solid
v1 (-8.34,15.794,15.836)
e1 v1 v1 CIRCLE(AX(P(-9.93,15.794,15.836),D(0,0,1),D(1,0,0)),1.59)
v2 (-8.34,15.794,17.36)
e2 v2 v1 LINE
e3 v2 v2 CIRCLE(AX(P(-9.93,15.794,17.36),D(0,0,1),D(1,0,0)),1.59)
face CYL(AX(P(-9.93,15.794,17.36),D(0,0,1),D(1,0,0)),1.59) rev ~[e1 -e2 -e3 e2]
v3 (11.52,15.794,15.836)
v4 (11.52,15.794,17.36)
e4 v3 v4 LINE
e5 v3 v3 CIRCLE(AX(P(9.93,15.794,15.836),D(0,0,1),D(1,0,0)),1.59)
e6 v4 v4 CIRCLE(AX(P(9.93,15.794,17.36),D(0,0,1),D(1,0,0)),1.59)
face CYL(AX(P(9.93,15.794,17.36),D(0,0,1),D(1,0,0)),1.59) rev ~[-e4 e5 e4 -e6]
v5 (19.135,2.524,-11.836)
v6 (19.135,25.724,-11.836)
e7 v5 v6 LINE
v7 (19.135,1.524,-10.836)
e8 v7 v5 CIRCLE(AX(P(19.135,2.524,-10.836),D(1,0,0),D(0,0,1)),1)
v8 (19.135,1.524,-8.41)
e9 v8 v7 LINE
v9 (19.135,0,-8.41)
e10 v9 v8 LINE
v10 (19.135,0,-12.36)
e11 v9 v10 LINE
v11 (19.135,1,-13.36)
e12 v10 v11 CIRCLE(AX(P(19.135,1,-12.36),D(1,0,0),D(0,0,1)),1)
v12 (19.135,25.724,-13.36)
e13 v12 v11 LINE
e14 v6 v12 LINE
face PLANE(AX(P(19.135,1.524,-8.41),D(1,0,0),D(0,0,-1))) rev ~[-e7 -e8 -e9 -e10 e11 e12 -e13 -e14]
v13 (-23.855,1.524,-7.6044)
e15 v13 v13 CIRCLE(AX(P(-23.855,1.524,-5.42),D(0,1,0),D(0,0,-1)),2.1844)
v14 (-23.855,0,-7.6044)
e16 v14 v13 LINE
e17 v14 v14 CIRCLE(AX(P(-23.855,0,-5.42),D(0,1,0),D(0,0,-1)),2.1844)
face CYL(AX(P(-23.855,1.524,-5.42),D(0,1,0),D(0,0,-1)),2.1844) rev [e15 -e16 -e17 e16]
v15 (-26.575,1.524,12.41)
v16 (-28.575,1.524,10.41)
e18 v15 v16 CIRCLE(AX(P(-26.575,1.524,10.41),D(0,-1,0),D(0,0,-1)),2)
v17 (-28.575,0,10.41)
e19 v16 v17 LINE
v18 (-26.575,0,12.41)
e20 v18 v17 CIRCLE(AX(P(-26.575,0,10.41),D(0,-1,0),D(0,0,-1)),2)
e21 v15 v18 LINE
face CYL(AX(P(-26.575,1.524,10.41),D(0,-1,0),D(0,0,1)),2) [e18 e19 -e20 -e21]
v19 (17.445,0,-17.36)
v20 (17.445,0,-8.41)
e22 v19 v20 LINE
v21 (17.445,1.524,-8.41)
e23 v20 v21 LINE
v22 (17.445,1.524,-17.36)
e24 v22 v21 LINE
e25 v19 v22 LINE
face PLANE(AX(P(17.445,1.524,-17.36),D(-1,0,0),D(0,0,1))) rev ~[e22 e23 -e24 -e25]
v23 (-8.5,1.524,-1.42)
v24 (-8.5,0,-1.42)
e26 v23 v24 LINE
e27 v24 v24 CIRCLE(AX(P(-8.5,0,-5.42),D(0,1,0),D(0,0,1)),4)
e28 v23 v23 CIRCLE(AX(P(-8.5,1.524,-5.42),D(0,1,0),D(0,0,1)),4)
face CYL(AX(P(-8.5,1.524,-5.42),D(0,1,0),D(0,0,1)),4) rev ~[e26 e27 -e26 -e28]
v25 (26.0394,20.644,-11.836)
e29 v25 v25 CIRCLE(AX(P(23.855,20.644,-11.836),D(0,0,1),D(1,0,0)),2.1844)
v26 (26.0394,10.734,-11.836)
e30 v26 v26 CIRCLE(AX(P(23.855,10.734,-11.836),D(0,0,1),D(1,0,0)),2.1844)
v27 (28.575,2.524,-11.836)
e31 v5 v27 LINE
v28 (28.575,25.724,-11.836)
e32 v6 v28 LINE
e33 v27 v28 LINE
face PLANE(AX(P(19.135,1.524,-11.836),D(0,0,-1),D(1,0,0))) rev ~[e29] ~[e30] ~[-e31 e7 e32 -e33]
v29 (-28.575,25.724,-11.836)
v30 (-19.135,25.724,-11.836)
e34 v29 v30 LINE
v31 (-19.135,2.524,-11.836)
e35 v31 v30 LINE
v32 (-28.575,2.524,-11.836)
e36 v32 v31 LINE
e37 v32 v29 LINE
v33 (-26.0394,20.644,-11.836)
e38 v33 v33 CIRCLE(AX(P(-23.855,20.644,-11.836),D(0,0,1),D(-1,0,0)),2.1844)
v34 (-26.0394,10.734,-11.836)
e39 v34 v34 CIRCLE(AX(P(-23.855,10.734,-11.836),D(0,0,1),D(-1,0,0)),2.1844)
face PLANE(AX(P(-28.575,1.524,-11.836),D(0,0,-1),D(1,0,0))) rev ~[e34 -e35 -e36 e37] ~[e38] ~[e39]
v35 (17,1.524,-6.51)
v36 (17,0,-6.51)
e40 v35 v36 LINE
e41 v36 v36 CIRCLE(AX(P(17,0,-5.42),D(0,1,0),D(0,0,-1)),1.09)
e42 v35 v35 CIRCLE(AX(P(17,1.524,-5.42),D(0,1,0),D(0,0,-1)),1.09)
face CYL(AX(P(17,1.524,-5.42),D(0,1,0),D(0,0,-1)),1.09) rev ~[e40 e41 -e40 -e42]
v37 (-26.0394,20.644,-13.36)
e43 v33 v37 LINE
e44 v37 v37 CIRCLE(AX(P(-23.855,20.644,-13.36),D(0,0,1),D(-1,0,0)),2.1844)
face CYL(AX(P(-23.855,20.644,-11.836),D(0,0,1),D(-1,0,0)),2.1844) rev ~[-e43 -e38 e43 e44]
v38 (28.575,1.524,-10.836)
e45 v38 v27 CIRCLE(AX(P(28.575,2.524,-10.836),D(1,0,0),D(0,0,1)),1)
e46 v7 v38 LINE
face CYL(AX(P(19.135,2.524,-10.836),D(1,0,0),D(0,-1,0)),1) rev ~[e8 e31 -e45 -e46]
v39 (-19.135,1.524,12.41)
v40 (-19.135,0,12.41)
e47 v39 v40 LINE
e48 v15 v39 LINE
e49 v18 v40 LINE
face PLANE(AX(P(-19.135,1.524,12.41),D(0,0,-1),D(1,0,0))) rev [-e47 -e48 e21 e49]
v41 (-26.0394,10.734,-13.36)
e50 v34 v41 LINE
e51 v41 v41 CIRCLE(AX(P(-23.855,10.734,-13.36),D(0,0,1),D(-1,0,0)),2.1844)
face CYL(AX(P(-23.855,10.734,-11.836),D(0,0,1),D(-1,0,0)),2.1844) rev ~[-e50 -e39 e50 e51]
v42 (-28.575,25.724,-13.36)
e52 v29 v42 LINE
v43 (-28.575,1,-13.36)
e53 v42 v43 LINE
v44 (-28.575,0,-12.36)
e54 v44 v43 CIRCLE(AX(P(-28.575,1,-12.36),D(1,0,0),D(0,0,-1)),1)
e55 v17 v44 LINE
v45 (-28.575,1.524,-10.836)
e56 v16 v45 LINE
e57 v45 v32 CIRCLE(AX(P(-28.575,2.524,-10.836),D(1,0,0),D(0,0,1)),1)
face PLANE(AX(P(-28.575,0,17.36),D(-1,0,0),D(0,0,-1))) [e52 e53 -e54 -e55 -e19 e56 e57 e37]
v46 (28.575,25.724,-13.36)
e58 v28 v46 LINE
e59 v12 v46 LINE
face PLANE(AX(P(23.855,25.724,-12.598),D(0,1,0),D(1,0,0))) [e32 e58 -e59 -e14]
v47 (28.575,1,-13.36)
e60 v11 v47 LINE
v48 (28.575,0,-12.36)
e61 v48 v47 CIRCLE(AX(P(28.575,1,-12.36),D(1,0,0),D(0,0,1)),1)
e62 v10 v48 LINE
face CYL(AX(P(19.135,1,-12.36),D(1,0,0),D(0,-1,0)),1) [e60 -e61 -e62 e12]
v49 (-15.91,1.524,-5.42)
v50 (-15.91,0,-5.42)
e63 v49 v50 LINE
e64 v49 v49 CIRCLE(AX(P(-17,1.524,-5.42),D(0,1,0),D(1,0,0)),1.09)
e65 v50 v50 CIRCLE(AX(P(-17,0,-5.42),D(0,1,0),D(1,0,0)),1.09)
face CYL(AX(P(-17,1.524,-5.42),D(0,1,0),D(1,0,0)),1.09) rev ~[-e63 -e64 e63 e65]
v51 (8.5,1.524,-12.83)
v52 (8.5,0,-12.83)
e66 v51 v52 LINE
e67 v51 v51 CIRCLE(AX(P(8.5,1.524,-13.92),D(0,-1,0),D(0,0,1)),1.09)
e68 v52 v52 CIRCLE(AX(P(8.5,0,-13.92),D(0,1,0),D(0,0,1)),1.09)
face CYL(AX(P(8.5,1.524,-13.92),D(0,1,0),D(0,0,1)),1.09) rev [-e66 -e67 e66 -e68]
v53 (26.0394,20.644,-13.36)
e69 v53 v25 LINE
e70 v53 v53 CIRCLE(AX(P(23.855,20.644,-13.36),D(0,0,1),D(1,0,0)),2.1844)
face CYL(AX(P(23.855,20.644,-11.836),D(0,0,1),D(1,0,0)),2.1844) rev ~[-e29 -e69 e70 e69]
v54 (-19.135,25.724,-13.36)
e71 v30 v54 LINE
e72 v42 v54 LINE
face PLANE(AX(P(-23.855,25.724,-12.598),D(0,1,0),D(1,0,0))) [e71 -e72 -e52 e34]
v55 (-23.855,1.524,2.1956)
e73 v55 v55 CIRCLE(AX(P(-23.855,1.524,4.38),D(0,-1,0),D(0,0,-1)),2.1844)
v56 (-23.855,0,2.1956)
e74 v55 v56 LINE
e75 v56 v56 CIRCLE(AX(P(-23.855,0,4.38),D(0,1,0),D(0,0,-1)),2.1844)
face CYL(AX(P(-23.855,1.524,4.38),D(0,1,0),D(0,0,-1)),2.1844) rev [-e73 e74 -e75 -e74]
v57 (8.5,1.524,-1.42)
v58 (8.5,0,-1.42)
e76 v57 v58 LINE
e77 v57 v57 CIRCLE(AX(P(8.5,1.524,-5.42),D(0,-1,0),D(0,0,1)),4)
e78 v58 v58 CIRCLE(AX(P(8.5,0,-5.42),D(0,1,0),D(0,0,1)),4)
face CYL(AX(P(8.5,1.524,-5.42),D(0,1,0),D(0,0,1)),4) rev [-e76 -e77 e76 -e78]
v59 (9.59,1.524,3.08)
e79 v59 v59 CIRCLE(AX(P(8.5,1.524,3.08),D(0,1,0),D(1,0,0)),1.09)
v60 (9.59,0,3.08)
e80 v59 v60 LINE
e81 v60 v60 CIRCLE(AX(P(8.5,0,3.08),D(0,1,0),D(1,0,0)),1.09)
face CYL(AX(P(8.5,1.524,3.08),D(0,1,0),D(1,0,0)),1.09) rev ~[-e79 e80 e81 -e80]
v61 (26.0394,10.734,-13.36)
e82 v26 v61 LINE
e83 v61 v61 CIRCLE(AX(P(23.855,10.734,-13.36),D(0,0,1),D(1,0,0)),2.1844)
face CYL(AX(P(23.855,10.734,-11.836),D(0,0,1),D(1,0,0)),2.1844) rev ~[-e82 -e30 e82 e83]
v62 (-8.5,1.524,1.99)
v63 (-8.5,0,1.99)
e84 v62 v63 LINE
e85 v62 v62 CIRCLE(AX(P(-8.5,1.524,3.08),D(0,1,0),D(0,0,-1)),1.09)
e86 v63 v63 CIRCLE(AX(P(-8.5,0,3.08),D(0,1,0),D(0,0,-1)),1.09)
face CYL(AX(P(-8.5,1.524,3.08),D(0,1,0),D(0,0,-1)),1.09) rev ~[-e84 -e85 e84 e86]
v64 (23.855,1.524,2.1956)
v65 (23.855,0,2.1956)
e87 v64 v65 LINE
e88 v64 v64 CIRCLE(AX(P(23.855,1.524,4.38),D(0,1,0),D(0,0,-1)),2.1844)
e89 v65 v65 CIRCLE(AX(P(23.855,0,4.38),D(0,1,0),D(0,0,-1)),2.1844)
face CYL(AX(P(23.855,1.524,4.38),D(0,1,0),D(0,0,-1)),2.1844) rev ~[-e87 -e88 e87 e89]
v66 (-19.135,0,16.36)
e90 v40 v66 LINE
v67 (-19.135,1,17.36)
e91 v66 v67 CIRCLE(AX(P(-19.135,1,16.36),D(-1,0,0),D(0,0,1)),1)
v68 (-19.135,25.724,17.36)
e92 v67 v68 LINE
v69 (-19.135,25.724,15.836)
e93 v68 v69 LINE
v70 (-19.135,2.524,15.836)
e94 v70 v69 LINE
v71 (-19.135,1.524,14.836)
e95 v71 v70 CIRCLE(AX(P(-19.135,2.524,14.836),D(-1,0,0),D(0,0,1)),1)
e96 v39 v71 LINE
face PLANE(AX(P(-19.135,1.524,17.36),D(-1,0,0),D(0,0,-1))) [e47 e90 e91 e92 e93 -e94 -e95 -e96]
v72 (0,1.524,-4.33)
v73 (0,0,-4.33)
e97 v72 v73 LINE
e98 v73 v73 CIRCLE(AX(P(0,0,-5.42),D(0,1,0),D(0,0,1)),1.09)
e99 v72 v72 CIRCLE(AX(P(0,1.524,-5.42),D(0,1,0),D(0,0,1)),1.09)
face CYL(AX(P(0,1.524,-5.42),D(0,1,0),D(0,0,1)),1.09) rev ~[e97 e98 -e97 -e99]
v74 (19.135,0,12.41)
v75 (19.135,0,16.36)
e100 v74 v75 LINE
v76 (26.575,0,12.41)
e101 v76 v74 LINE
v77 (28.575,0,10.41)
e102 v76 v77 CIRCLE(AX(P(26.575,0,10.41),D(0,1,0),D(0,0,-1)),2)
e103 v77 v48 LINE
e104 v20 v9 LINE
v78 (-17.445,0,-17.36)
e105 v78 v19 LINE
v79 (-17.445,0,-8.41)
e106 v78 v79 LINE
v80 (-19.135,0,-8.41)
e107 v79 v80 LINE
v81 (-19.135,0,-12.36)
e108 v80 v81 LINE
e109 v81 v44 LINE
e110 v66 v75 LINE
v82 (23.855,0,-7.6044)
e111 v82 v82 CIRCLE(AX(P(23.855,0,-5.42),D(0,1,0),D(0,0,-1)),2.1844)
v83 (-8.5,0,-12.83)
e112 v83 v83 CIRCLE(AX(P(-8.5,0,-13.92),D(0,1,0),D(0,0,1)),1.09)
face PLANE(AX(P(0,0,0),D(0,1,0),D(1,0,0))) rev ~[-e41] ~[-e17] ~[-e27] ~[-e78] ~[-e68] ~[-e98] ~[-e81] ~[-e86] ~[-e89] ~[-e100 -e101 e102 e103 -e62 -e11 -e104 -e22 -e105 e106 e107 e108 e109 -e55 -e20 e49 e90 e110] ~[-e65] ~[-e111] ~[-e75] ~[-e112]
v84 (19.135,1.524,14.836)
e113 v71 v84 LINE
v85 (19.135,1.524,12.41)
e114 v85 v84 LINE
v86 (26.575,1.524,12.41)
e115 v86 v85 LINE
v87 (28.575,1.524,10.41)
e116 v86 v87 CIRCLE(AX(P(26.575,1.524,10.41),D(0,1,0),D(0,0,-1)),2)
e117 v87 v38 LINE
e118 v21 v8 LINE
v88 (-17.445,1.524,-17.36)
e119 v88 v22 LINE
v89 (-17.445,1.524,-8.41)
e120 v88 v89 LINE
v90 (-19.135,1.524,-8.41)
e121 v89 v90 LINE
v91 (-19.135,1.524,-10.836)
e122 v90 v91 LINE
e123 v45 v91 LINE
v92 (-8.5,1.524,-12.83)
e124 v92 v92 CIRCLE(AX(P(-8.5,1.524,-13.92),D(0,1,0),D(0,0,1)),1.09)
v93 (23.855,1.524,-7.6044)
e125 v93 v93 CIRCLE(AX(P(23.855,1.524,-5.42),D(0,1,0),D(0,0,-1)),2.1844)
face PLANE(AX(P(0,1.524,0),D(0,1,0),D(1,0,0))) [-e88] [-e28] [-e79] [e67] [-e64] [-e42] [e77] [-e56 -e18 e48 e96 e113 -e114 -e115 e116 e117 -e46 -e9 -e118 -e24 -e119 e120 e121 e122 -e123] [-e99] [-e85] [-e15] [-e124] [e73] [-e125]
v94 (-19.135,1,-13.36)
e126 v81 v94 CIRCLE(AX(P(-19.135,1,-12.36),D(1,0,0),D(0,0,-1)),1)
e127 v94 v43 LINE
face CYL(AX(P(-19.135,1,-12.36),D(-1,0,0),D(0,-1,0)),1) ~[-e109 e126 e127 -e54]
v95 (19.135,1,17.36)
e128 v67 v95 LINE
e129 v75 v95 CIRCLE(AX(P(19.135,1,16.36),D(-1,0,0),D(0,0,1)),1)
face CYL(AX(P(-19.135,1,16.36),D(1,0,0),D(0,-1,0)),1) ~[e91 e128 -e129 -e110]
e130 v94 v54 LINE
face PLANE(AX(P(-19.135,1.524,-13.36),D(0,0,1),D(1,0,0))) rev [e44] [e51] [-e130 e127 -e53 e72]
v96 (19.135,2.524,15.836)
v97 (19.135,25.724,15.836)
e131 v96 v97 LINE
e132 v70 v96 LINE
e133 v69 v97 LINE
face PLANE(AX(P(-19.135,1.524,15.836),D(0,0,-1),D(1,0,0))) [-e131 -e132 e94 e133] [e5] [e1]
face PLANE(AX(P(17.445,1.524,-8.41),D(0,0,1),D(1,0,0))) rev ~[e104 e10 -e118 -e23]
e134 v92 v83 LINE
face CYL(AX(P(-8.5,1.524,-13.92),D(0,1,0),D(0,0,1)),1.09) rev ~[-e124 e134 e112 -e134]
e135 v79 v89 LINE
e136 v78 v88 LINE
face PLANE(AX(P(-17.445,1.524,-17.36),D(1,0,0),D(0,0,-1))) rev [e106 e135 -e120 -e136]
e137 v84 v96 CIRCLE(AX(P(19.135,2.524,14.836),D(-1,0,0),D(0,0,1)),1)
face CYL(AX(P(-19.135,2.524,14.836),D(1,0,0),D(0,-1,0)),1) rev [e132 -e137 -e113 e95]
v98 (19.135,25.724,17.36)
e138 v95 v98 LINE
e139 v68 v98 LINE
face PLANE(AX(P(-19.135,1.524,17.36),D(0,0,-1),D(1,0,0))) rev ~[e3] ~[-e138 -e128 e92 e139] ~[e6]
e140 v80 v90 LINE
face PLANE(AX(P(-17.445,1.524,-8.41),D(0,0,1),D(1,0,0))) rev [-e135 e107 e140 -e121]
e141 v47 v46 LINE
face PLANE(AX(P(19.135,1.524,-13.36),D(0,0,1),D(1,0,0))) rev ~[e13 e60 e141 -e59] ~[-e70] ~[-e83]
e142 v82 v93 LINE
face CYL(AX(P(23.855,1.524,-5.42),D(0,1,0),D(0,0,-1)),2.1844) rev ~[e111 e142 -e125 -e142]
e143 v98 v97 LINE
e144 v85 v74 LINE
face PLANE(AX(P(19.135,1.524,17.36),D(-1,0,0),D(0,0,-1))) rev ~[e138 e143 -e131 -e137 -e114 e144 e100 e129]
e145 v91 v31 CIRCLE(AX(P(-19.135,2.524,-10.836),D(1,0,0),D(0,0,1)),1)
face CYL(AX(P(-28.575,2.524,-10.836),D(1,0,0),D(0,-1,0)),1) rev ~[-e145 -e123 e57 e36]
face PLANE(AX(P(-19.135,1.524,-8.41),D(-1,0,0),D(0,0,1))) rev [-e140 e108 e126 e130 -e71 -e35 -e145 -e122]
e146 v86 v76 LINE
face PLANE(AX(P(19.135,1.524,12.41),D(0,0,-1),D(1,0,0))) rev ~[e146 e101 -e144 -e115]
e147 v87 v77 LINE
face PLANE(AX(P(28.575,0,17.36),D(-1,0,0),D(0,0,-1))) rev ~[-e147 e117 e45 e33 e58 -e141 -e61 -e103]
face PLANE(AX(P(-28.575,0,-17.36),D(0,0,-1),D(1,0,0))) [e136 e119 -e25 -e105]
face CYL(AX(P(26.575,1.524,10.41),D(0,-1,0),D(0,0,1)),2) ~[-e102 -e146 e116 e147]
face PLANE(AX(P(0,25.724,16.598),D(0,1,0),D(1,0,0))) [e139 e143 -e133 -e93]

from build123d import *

# Parameters (mm, degrees)
SKETCH1_W               = 57.15
SKETCH1_H               = 34.72
BOSS_EXTRUDE1_DEPTH     = 1.524
SKETCH2_W               = 9.44
SKETCH2_H               = 4.95
CUT_EXTRUDE1_DEPTH      = 5
SKETCH3_R               = 2.1844
CUT_EXTRUDE2_DEPTH      = 5
SKETCH4_W               = 38.27
SKETCH4_H               = 1.524
SKETCH4_W_2             = 9.44
BOSS_EXTRUDE2_DEPTH     = 24.2
SKETCH5_R               = 1.59
CUT_EXTRUDE3_DEPTH      = 12.1
SKETCH6_R               = 1.09
CUT_EXTRUDE4_DEPTH      = 24.2
SKETCH7_R               = 4
CUT_EXTRUDE5_DEPTH      = 24.2
SKETCH8_R               = 1.09
CUT_EXTRUDE6_DEPTH      = 24.2
CIRPATTERN1_COUNT       = 4
MIRROR3_COPY_1_SKETCH_R = 1.09
MIRROR3_COPY_1_DEPTH    = 24.2
MIRROR3_COPY_2_SKETCH_R = 1.09
MIRROR3_COPY_2_DEPTH    = 24.2
SKETCH9_R               = 2.1844
CUT_EXTRUDE7_DEPTH      = 12.1
FILLET1_R               = 2
FILLET2_R               = 1


with BuildPart() as part:
    # Sketch1 → Boss-Extrude1 (new body)
    with BuildSketch(Plane(origin=(0, 0, 0), x_dir=(1, 0, 0), z_dir=(0, 1, 0))):
        Rectangle(SKETCH1_W, SKETCH1_H)
    extrude(amount=BOSS_EXTRUDE1_DEPTH)

    # Sketch2 → Cut-Extrude1 (cut, symmetric)
    with BuildSketch(Plane(origin=(0, 1.524, 0), x_dir=(1, 0, 0), z_dir=(0, 1, 0))):
        with Locations((23.855, -14.885)):
            Rectangle(SKETCH2_W, SKETCH2_H)
        Polygon((28.575, 17.36), (17.445, 17.36), (17.445, 8.41), (19.135, 8.41), (19.135, 13.36), (28.575, 13.36), align=None)
    cut_extrude1 = extrude(amount=CUT_EXTRUDE1_DEPTH, both=True, mode=Mode.SUBTRACT)

    # Mirror1: Cut-Extrude1 across plane
    add(cut_extrude1.mirror(Plane(origin=(0, 0, 0), x_dir=(0, 0, 1), z_dir=(1, 0, 0))), mode=Mode.SUBTRACT)

    # Sketch3 → Cut-Extrude2 (cut, symmetric)
    with BuildSketch(Plane(origin=(0, 1.524, 0), x_dir=(1, 0, 0), z_dir=(0, 1, 0))):
        with Locations(Location((23.855, -4.38, 0), (0, 0, 90))):
            Circle(SKETCH3_R)
        with Locations(Location((23.855, 5.42, 0), (0, 0, 90))):
            Circle(SKETCH3_R)
    cut_extrude2 = extrude(amount=CUT_EXTRUDE2_DEPTH, both=True, mode=Mode.SUBTRACT)

    # Mirror2: Cut-Extrude2 across plane
    add(cut_extrude2.mirror(Plane(origin=(0, 0, 0), x_dir=(0, 0, 1), z_dir=(1, 0, 0))), mode=Mode.SUBTRACT)

    # Sketch4 → Boss-Extrude2 (add)
    with BuildSketch(Plane(origin=(0, 1.524, 0), x_dir=(1, 0, 0), z_dir=(0, 1, 0))):
        with Locations((0, -16.598)):
            Rectangle(SKETCH4_W, SKETCH4_H)
        with Locations((-23.855, 12.598)):
            Rectangle(SKETCH4_W_2, SKETCH4_H)
        with Locations((23.855, 12.598)):
            Rectangle(SKETCH4_W_2, SKETCH4_H)
    extrude(amount=BOSS_EXTRUDE2_DEPTH)

    # Sketch5 → Cut-Extrude3 (cut, symmetric)
    with BuildSketch(Plane.XY.offset(17.36)):
        with Locations((-9.93, 15.794)):
            Circle(SKETCH5_R)
        with Locations((9.93, 15.794)):
            Circle(SKETCH5_R)
    extrude(amount=CUT_EXTRUDE3_DEPTH, both=True, mode=Mode.SUBTRACT)

    # Sketch6 → Cut-Extrude4 (cut)
    with BuildSketch(Plane(origin=(0, 1.524, 0), x_dir=(1, 0, 0), z_dir=(0, 1, 0))):
        with Locations(Location((0, 5.42, 0), (0, 0, 270))):
            Circle(SKETCH6_R)
    extrude(amount=-CUT_EXTRUDE4_DEPTH, mode=Mode.SUBTRACT)

    # Sketch7 → Cut-Extrude5 (cut)
    with BuildSketch(Plane(origin=(0, 1.524, 0), x_dir=(1, 0, 0), z_dir=(0, 1, 0))):
        with Locations(Location((-8.5, 5.42, 0), (0, 0, 270))):
            Circle(SKETCH7_R)
    cut_extrude5 = extrude(amount=-CUT_EXTRUDE5_DEPTH, mode=Mode.SUBTRACT)

    # Sketch8 → Cut-Extrude6 (cut)
    with BuildSketch(Plane(origin=(0, 1.524, 0), x_dir=(1, 0, 0), z_dir=(0, 1, 0))):
        with Locations(Location((-8.5, 13.92, 0), (0, 0, 270))):
            Circle(SKETCH8_R)
    cut_extrude6 = extrude(amount=-CUT_EXTRUDE6_DEPTH, mode=Mode.SUBTRACT)

    # CirPattern1: Cut-Extrude6 ×4 about axis, 1 skipped
    cirpattern1_axis = Axis((-8.5, 0, -5.42), (0, 1, 0))
    add([cut_extrude6.rotate(cirpattern1_axis, i * 360 / CIRPATTERN1_COUNT) for i in range(1, CIRPATTERN1_COUNT) if i not in (3,)], mode=Mode.SUBTRACT)

    # Mirror3: Cut-Extrude5, Cut-Extrude6 across plane
    add(cut_extrude5.mirror(Plane(origin=(0, 0, 0), x_dir=(0, 0, 1), z_dir=(1, 0, 0))), mode=Mode.SUBTRACT)
    add(cut_extrude6.mirror(Plane(origin=(0, 0, 0), x_dir=(0, 0, 1), z_dir=(1, 0, 0))), mode=Mode.SUBTRACT)

    # Mirror3 copy 1 sketch → Mirror3 copy 1 (cut)
    with BuildSketch(Plane(origin=(3.08, 1.524, -13.92), x_dir=(0, 0, -1), z_dir=(0, 1, 0))):
        with Locations((-8.5, -13.92)):
            Circle(MIRROR3_COPY_1_SKETCH_R)
    extrude(amount=-MIRROR3_COPY_1_DEPTH, mode=Mode.SUBTRACT)

    # Mirror3 copy 2 sketch → Mirror3 copy 2 (cut)
    with BuildSketch(Plane(origin=(17, 1.524, -10.84), x_dir=(1, 0, 0), z_dir=(0, 1, 0))):
        with Locations((-8.5, -13.92)):
            Circle(MIRROR3_COPY_2_SKETCH_R)
    extrude(amount=-MIRROR3_COPY_2_DEPTH, mode=Mode.SUBTRACT)

    # Sketch9 → Cut-Extrude7 (cut, symmetric)
    with BuildSketch(Plane.XY.offset(-11.836)):
        with Locations(Location((-23.855, 20.644, 0), (0, 0, 180))):
            Circle(SKETCH9_R)
        with Locations(Location((-23.855, 10.734, 0), (0, 0, 180))):
            Circle(SKETCH9_R)
        with Locations((23.855, 10.734)):
            Circle(SKETCH9_R)
        with Locations((23.855, 20.644)):
            Circle(SKETCH9_R)
    extrude(amount=CUT_EXTRUDE7_DEPTH, both=True, mode=Mode.SUBTRACT)

    # Fillet1
    fillet1_edges = [part.edges().sort_by_distance(p)[0] for p in [
        (28.575, 0.762, 12.41),
        (-28.575, 0.762, 12.41),
    ]]
    fillet(fillet1_edges, radius=FILLET1_R)

    # Fillet2
    fillet2_edges = [part.edges().sort_by_distance(p)[0] for p in [
        (0, 0, 17.36),
        (23.855, 0, -13.36),
        (-23.855, 0, -13.36),
        (0, 1.524, 15.836),
        (23.855, 1.524, -11.836),
        (-23.855, 1.524, -11.836),
    ]]
    fillet(fillet2_edges, radius=FILLET2_R)


solid = part.part
